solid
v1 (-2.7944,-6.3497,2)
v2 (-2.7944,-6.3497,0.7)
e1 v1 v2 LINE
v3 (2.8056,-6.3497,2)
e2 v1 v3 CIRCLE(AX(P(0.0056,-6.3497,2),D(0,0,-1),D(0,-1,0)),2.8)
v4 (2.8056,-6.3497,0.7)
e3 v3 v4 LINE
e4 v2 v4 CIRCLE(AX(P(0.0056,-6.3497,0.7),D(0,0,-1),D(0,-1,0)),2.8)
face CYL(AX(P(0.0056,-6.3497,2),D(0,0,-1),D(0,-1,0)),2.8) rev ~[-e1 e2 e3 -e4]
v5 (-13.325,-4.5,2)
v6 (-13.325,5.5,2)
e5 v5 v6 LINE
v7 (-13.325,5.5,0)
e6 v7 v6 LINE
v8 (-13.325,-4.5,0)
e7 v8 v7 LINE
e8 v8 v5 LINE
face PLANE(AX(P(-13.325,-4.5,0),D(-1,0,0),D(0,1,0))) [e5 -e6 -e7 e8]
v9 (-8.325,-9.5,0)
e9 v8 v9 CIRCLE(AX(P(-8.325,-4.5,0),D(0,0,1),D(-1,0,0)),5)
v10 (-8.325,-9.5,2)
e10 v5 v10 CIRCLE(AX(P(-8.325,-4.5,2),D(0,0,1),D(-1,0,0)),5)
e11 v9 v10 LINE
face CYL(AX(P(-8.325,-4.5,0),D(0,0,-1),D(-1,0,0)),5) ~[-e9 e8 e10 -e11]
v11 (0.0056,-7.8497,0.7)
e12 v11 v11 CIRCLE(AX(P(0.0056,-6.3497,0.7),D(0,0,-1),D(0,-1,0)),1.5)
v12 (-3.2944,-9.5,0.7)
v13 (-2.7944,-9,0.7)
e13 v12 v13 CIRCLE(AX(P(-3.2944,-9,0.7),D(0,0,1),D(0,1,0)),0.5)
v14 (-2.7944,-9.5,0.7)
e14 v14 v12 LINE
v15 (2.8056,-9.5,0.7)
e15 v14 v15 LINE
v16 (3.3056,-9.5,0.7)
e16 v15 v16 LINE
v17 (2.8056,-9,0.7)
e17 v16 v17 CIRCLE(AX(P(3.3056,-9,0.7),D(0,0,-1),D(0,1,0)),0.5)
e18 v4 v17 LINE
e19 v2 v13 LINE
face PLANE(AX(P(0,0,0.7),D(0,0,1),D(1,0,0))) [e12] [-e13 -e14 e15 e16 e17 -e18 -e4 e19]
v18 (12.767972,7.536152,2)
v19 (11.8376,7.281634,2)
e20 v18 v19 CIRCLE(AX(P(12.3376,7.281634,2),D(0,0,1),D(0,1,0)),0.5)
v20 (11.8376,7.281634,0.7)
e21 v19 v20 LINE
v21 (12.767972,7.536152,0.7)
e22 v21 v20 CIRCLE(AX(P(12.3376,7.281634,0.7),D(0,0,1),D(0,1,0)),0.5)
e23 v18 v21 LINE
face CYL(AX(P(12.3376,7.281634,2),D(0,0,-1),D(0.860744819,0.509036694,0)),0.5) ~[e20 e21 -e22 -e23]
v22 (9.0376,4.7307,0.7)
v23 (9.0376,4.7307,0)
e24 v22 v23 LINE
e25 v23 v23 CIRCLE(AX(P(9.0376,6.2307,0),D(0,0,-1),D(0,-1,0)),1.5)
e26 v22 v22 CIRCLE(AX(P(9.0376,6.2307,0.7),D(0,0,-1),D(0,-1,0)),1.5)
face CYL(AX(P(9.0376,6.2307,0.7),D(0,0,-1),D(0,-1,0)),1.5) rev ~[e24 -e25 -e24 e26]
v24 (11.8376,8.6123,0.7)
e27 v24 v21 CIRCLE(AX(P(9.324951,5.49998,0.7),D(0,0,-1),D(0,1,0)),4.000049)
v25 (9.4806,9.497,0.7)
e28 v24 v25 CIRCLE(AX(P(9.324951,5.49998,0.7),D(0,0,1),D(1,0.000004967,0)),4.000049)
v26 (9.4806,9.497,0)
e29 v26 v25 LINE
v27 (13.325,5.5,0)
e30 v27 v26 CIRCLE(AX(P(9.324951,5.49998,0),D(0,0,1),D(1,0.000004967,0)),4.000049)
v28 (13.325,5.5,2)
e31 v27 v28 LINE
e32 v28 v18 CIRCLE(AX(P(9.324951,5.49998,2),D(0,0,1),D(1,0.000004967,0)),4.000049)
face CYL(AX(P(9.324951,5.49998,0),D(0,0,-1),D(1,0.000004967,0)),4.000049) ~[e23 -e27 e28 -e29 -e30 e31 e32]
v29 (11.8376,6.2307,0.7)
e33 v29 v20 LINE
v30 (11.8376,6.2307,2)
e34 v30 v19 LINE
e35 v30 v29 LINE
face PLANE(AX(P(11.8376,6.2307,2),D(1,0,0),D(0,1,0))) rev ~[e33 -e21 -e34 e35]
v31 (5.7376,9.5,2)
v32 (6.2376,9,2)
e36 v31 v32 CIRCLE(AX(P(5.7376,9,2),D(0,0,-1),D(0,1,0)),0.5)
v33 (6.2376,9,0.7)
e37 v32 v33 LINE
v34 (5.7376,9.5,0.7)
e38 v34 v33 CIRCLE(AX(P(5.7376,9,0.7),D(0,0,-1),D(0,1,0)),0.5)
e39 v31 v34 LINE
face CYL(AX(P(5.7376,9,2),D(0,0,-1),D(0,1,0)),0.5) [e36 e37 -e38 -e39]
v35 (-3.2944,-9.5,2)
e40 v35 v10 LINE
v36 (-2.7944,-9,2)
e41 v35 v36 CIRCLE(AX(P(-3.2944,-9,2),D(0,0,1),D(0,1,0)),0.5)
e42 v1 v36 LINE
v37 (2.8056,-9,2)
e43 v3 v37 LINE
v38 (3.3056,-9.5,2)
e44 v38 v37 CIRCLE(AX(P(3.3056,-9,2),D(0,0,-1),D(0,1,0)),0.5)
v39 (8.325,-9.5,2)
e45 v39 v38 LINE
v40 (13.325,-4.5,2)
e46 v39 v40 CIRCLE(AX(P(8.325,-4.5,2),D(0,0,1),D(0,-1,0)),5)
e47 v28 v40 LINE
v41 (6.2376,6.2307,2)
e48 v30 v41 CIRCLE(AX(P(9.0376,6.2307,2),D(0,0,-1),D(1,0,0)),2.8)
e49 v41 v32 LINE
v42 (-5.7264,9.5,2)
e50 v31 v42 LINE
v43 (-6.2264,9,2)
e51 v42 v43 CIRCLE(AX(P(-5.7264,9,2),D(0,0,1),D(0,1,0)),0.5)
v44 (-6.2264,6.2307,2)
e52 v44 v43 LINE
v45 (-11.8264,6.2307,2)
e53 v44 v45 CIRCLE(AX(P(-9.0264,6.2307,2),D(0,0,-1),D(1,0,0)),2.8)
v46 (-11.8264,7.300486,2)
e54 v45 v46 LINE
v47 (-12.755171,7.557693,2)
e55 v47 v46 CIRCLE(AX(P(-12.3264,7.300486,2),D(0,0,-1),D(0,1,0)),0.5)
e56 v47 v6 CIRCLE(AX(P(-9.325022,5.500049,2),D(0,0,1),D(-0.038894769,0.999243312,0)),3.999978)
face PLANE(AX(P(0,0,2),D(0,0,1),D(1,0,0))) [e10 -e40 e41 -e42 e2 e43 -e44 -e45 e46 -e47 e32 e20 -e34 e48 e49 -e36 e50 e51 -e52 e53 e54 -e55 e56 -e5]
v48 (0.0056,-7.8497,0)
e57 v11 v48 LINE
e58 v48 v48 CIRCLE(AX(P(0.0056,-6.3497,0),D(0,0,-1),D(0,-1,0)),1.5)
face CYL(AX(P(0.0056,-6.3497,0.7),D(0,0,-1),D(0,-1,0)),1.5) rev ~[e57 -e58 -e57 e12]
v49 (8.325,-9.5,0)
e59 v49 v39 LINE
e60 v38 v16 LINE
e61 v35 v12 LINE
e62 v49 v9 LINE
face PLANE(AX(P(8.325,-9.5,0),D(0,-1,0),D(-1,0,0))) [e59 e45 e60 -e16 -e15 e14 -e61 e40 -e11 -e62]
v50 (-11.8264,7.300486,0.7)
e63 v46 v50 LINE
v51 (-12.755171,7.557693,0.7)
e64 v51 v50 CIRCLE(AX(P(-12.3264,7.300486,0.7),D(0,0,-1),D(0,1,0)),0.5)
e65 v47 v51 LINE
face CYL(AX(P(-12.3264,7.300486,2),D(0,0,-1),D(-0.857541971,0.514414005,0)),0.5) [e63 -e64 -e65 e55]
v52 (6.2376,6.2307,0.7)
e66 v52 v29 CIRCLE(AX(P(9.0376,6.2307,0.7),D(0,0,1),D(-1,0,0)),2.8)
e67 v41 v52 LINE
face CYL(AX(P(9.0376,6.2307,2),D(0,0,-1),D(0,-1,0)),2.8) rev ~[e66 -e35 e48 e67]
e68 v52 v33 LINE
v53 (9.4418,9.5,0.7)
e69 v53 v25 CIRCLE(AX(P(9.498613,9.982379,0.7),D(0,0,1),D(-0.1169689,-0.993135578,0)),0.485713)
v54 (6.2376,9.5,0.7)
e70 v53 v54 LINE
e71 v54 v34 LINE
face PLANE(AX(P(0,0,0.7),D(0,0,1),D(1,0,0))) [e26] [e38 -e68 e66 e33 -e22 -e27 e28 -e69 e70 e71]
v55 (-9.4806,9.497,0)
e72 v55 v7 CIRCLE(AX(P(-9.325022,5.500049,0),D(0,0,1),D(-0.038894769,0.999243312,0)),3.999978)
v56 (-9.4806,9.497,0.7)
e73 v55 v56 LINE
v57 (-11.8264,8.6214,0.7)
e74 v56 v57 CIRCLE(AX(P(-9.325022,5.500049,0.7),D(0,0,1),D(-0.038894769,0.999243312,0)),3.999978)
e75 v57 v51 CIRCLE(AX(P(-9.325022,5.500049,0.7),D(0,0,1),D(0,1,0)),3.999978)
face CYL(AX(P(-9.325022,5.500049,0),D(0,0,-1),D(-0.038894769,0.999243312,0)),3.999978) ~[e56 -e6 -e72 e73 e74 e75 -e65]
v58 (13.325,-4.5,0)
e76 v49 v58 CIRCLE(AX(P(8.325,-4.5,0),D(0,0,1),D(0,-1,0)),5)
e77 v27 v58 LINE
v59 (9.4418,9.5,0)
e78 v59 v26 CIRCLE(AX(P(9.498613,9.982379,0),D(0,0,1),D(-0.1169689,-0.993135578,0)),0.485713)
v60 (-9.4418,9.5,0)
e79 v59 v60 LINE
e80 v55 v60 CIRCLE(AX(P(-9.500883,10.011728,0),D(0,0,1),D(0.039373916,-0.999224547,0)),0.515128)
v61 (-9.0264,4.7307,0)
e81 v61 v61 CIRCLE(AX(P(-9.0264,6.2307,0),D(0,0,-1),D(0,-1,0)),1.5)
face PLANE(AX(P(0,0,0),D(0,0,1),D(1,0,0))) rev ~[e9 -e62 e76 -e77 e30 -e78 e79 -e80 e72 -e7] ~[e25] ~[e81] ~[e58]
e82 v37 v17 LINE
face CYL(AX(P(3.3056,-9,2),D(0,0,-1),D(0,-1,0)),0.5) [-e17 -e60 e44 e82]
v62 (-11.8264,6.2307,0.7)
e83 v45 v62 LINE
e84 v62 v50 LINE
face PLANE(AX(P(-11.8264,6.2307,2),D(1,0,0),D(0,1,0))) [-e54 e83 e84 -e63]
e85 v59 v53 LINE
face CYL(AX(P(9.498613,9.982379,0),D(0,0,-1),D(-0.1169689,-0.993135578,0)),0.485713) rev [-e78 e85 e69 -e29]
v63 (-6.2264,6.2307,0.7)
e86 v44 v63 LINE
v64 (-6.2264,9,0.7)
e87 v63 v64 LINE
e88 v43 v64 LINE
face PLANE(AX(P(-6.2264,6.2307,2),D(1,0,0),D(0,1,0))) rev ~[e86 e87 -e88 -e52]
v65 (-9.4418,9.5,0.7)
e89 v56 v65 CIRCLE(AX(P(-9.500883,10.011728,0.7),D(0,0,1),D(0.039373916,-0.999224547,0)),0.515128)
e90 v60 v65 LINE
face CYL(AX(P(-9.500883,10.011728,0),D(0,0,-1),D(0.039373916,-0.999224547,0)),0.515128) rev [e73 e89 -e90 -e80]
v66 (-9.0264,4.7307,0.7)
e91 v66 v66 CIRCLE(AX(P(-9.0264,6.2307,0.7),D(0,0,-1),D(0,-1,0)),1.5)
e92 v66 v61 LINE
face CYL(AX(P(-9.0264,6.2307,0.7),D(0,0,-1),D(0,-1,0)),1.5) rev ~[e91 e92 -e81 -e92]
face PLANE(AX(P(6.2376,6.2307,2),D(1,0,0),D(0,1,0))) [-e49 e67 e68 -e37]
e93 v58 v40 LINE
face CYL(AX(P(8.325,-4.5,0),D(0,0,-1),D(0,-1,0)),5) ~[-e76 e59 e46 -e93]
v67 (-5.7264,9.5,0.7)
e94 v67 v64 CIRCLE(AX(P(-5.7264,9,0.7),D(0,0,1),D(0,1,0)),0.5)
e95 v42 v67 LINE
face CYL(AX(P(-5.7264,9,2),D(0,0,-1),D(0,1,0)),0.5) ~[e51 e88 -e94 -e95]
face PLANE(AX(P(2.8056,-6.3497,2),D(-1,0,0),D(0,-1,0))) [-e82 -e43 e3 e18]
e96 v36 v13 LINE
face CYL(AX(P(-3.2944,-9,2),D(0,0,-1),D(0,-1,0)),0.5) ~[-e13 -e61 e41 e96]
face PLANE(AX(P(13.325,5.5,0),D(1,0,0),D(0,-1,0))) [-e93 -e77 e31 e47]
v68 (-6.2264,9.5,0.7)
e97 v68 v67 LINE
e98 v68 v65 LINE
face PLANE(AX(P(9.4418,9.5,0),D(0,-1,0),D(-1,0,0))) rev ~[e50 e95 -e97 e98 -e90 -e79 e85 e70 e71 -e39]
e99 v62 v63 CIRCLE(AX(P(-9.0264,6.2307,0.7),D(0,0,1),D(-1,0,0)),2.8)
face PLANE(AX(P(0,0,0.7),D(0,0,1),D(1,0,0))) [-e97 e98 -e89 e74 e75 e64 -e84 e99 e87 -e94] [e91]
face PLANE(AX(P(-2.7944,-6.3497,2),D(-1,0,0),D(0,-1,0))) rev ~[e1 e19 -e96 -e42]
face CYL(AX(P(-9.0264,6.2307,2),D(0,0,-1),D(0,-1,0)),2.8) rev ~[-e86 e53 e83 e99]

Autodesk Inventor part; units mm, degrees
ref_plane "YZ Plane" through (0, 0, 0) normal (1, 0, 0) x (0, 1, 0)
ref_plane "XZ Plane" through (0, 0, 0) normal (0, 1, 0) x (-1, 0, 0)
ref_plane "XY Plane" through (0, 0, 0) normal (0, 0, 1) x (1, 0, 0)
sketch "Sketch1" plane through (0, 0, 0) normal (0, 0, 1) x (1, 0, 0)
  circle A0 centre (0.0056, -6.3497) radius 1 projected
  circle A1 centre (-9.0264, 6.2307) radius 1 projected
  circle A2 centre (9.0376, 6.2307) radius 1 projected
  line L0 (9.4418, 9.5) -> (-9.4418, 9.5) projected
  arc A3 (-9.4806, 9.497) -> (-9.4418, 9.5) centre (-9.5, 9.9966) ccw projected
  arc A4 (-9.4806, 9.497) -> (-13.325, 5.5) centre (-9.325, 5.5) ccw projected
  line L1 (-13.325, -4.5) -> (-13.325, 5.5) projected
  arc A5 (-13.325, -4.5) -> (-8.325, -9.5) centre (-8.325, -4.5) ccw projected
  line L2 (8.325, -9.5) -> (-8.325, -9.5) projected
  arc A6 (8.325, -9.5) -> (13.325, -4.5) centre (8.325, -4.5) ccw projected
  line L3 (13.325, 5.5) -> (13.325, -4.5) projected
  arc A7 (13.325, 5.5) -> (9.4806, 9.497) centre (9.325, 5.5) ccw projected
  arc A8 (9.4418, 9.5) -> (9.4806, 9.497) centre (9.5, 9.9966) ccw projected
  point P0 (0, 0)
extrude "Extrusion1" add sketch "Sketch1" along normal blind 2
sketch "Sketch2" plane through (0, 0, 2) normal (0, 0, -1) x (-1, 0, 0)
  circle A0 centre (9.0264, 6.2307) radius 1 projected
  circle A1 centre (-0.0056, -6.3497) radius 1 projected
  circle A2 centre (-9.0376, 6.2307) radius 1 projected
  point P0 (0, 0)
hole "Hole1" at (-9.0264, 6.2307, 2) at (0.0056, -6.3497, 2) at (9.0376, 6.2307, 2) direction (0, 0, -1) diameter 3 depth 10 counterbore diameter 5.6 counterbore depth 1.3
sketch "Sketch3" plane through (0, 0, 2) normal (0, 0, 1) x (1, 0, 0)
  circle A0 centre (9.0376, 6.2307) radius 2.8 projected
  circle A1 centre (0.0056, -6.3497) radius 2.8 projected
  circle A2 centre (-9.0264, 6.2307) radius 2.8 projected
  arc A3 (9.4418, 9.5) -> (9.4806, 9.497) centre (9.5, 9.9966) ccw projected
  line L0 (9.4418, 9.5) -> (-9.4418, 9.5) projected
  arc A4 (-9.4806, 9.497) -> (-9.4418, 9.5) centre (-9.5, 9.9966) ccw projected
  arc A5 (-9.4806, 9.497) -> (-13.325, 5.5) centre (-9.325, 5.5) ccw projected
  line L1 (-13.325, 5.5) -> (-13.325, -4.5) projected
  arc A6 (-13.325, -4.5) -> (-8.325, -9.5) centre (-8.325, -4.5) ccw projected
  line L2 (-8.325, -9.5) -> (8.325, -9.5) projected
  arc A7 (8.325, -9.5) -> (13.325, -4.5) centre (8.325, -4.5) ccw projected
  line L3 (13.325, -4.5) -> (13.325, 5.5) projected
  arc A8 (13.325, 5.5) -> (9.4806, 9.497) centre (9.325, 5.5) ccw projected
  line L4 (-6.2264, 6.2307) -> (-6.2264, 9.5)
  line L5 (-11.8264, 6.2307) -> (-11.8264, 8.6214)
  circle A9 centre (-9.0264, 6.2307) radius 2.8 projected
  line L6 (6.2376, 6.2307) -> (6.2376, 9.5)
  line L7 (11.8376, 6.2307) -> (11.8376, 8.6123)
  line L8 (2.8056, -6.3497) -> (2.8056, -9.5)
  line L9 (-2.7944, -6.3497) -> (-2.7944, -9.5)
  point P0 (0, 0)
extrude "Extrusion2" cut sketch "Sketch3" against normal up to surface (1.3 mm away) contours A0 L6 L0 A3 A8 L7 | L4 A2 L5 A5 A4 L0 | L2 L9 A1 L8
fillet "Fillet1" radius 0.5 6 edges at (-11.8264, 8.6214, 1.35) (-6.2264, 9.5, 1.35) (6.2376, 9.5, 1.35) (11.8376, 8.6123, 1.35) (-2.7944, -9.5, 1.35) (2.8056, -9.5, 1.35)
properties part number "LunasCover" material "Nylon 6/6"
